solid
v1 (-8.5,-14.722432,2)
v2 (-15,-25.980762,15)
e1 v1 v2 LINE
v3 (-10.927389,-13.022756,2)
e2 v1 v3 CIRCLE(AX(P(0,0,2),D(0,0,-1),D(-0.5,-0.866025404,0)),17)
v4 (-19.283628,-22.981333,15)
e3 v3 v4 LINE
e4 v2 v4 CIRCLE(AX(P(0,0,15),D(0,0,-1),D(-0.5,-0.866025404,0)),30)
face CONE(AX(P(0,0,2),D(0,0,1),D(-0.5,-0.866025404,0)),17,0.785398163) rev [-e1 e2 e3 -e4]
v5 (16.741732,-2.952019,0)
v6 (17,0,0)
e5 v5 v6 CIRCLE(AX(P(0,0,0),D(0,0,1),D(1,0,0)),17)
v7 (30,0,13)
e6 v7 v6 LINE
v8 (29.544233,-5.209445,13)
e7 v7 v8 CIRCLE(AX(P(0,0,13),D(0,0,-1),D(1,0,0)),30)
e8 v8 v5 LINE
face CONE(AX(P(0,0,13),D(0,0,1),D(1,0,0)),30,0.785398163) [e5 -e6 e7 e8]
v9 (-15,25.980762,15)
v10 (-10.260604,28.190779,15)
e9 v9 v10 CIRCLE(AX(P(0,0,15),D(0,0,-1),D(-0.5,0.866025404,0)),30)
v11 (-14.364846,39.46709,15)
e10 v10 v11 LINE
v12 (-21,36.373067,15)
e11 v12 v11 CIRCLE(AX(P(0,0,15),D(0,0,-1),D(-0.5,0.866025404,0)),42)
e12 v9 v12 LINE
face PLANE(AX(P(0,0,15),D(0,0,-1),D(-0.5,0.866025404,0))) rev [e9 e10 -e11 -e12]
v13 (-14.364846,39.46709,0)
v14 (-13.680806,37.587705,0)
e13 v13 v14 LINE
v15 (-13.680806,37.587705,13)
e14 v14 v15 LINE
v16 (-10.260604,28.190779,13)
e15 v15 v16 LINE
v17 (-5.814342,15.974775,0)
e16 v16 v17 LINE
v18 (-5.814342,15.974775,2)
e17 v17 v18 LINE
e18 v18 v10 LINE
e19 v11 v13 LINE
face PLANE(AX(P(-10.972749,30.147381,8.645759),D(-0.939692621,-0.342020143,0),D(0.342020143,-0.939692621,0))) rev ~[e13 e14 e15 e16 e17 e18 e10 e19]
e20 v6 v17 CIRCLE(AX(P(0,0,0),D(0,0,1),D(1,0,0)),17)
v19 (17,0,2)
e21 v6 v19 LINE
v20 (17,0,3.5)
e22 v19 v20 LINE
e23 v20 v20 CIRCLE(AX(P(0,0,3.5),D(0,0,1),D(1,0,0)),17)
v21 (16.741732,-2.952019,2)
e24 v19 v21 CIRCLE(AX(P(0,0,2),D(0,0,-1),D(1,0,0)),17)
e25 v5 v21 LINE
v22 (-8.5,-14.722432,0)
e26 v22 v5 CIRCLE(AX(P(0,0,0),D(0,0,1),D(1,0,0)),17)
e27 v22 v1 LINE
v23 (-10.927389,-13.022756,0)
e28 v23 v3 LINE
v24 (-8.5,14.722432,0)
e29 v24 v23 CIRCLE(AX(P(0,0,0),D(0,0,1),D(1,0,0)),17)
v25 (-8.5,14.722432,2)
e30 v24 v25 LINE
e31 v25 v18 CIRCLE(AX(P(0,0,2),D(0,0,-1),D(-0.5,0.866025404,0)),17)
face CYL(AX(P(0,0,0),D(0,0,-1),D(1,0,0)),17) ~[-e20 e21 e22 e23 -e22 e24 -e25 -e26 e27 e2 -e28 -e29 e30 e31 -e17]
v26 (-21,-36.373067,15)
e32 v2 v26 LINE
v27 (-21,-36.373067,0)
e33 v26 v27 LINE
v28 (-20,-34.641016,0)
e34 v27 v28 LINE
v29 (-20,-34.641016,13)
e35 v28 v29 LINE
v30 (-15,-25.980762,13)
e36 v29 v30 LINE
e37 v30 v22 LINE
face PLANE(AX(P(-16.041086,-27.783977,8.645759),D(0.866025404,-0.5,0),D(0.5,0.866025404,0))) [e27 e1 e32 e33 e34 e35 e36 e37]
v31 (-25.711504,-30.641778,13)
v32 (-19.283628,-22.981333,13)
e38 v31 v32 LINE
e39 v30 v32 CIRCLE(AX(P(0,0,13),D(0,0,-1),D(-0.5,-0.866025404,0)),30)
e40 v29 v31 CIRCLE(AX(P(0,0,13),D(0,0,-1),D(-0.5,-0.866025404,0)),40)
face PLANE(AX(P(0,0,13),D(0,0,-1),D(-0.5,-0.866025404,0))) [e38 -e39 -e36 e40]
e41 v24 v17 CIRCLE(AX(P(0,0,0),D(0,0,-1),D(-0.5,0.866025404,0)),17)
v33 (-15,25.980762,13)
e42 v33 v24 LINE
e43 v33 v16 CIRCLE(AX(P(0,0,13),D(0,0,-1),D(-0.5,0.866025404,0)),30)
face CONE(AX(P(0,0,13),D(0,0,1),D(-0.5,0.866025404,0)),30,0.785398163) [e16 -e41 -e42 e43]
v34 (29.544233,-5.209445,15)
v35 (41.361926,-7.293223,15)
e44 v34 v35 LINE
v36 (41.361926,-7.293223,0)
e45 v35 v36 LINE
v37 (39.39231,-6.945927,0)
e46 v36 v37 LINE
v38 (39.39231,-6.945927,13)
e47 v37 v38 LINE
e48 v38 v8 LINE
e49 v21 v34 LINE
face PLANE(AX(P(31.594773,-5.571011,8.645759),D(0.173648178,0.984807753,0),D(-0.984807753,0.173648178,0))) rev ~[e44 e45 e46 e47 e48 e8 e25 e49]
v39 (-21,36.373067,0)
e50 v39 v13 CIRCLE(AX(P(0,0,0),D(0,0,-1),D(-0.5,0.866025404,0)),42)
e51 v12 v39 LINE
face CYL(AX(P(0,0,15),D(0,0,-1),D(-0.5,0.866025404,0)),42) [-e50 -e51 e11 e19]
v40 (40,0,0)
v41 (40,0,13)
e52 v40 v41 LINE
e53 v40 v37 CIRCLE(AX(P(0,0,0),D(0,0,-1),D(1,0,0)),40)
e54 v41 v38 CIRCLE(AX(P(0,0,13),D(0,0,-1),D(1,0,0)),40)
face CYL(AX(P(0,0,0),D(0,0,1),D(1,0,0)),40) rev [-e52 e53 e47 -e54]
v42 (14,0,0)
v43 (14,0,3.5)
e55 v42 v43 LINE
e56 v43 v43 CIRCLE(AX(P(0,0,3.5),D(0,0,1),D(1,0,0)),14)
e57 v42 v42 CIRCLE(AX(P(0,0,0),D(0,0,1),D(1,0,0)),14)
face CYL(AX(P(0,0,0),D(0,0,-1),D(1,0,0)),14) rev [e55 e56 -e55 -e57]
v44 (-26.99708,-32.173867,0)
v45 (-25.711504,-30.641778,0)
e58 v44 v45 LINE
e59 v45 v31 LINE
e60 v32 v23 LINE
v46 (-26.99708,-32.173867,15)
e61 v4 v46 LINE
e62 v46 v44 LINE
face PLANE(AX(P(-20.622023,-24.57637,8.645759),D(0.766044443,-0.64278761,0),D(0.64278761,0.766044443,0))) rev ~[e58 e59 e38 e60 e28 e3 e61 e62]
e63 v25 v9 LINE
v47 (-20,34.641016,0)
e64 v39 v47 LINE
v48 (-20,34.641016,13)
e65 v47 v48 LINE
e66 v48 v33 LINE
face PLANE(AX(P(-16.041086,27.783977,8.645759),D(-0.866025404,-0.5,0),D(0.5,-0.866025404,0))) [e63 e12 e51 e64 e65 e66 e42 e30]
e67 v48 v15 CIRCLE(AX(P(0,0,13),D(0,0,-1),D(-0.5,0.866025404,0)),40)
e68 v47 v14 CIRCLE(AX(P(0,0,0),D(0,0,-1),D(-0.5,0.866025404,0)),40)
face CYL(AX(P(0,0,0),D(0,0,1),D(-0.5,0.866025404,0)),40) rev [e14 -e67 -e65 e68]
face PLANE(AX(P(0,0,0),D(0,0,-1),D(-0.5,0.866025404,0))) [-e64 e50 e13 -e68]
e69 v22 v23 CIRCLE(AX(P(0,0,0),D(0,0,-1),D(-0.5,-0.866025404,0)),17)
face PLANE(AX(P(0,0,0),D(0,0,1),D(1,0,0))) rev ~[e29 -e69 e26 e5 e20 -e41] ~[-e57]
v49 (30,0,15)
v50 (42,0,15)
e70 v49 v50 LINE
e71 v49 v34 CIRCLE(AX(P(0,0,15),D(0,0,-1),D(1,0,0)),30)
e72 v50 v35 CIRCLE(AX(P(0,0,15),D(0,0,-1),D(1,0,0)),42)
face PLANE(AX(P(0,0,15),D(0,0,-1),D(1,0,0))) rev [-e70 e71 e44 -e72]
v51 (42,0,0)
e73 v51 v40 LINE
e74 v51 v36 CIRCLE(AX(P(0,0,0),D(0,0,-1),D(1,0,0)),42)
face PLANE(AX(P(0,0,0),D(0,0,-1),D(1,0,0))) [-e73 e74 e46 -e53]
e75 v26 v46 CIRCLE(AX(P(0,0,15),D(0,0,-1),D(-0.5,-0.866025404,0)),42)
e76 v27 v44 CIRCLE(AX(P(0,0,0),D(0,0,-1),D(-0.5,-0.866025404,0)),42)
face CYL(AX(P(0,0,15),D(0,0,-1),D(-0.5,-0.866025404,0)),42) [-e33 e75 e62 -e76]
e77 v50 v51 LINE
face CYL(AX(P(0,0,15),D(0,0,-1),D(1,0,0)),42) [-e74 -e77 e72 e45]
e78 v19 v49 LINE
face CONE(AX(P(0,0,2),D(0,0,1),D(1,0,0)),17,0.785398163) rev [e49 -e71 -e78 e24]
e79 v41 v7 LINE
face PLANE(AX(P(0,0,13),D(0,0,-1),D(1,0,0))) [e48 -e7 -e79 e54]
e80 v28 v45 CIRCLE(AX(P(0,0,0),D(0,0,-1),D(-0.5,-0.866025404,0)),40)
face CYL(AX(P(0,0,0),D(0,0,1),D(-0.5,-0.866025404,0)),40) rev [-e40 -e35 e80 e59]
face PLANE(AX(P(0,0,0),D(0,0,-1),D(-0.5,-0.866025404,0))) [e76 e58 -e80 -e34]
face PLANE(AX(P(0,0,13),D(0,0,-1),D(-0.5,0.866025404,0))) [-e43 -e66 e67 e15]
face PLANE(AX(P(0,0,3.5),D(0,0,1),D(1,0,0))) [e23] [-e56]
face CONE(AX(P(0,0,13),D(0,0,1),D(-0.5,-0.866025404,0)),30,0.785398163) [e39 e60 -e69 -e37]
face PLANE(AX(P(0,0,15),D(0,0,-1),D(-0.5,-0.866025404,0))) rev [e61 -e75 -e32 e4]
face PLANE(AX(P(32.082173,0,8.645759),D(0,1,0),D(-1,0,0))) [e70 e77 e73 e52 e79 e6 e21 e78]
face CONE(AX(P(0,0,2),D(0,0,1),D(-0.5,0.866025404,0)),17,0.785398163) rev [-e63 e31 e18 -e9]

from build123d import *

# Parameters (mm, degrees)
SKETCH_R           = 17
SKETCH_R_2         = 14
PAD_DEPTH          = 3.5
REVOLUTION_ANGLE   = -10
POLARPATTERN_COUNT = 3


with BuildPart() as part:
    # Sketch → Pad (new body)
    with BuildSketch(Plane.XY):
        Circle(SKETCH_R)
        Circle(SKETCH_R_2, mode=Mode.SUBTRACT)
    extrude(amount=PAD_DEPTH)

    # Sketch001 → Revolution (revolve)
    with BuildSketch(Plane.XZ):
        Polygon((17, 2), (30, 15), (42, 15), (42, 0), (40, 0), (40, 13), (30, 13), (17, 0), align=None)
    revolution = revolve(axis=Axis((0, 0, 0), (0, 0, 1)), revolution_arc=REVOLUTION_ANGLE)

    # PolarPattern: Revolution ×3 about axis
    polarpattern_axis = Axis((0, 0, 0), (0, 0, 1))
    for i in range(1, POLARPATTERN_COUNT):
        add(revolution.rotate(polarpattern_axis, i * 360 / POLARPATTERN_COUNT))


solid = part.part
